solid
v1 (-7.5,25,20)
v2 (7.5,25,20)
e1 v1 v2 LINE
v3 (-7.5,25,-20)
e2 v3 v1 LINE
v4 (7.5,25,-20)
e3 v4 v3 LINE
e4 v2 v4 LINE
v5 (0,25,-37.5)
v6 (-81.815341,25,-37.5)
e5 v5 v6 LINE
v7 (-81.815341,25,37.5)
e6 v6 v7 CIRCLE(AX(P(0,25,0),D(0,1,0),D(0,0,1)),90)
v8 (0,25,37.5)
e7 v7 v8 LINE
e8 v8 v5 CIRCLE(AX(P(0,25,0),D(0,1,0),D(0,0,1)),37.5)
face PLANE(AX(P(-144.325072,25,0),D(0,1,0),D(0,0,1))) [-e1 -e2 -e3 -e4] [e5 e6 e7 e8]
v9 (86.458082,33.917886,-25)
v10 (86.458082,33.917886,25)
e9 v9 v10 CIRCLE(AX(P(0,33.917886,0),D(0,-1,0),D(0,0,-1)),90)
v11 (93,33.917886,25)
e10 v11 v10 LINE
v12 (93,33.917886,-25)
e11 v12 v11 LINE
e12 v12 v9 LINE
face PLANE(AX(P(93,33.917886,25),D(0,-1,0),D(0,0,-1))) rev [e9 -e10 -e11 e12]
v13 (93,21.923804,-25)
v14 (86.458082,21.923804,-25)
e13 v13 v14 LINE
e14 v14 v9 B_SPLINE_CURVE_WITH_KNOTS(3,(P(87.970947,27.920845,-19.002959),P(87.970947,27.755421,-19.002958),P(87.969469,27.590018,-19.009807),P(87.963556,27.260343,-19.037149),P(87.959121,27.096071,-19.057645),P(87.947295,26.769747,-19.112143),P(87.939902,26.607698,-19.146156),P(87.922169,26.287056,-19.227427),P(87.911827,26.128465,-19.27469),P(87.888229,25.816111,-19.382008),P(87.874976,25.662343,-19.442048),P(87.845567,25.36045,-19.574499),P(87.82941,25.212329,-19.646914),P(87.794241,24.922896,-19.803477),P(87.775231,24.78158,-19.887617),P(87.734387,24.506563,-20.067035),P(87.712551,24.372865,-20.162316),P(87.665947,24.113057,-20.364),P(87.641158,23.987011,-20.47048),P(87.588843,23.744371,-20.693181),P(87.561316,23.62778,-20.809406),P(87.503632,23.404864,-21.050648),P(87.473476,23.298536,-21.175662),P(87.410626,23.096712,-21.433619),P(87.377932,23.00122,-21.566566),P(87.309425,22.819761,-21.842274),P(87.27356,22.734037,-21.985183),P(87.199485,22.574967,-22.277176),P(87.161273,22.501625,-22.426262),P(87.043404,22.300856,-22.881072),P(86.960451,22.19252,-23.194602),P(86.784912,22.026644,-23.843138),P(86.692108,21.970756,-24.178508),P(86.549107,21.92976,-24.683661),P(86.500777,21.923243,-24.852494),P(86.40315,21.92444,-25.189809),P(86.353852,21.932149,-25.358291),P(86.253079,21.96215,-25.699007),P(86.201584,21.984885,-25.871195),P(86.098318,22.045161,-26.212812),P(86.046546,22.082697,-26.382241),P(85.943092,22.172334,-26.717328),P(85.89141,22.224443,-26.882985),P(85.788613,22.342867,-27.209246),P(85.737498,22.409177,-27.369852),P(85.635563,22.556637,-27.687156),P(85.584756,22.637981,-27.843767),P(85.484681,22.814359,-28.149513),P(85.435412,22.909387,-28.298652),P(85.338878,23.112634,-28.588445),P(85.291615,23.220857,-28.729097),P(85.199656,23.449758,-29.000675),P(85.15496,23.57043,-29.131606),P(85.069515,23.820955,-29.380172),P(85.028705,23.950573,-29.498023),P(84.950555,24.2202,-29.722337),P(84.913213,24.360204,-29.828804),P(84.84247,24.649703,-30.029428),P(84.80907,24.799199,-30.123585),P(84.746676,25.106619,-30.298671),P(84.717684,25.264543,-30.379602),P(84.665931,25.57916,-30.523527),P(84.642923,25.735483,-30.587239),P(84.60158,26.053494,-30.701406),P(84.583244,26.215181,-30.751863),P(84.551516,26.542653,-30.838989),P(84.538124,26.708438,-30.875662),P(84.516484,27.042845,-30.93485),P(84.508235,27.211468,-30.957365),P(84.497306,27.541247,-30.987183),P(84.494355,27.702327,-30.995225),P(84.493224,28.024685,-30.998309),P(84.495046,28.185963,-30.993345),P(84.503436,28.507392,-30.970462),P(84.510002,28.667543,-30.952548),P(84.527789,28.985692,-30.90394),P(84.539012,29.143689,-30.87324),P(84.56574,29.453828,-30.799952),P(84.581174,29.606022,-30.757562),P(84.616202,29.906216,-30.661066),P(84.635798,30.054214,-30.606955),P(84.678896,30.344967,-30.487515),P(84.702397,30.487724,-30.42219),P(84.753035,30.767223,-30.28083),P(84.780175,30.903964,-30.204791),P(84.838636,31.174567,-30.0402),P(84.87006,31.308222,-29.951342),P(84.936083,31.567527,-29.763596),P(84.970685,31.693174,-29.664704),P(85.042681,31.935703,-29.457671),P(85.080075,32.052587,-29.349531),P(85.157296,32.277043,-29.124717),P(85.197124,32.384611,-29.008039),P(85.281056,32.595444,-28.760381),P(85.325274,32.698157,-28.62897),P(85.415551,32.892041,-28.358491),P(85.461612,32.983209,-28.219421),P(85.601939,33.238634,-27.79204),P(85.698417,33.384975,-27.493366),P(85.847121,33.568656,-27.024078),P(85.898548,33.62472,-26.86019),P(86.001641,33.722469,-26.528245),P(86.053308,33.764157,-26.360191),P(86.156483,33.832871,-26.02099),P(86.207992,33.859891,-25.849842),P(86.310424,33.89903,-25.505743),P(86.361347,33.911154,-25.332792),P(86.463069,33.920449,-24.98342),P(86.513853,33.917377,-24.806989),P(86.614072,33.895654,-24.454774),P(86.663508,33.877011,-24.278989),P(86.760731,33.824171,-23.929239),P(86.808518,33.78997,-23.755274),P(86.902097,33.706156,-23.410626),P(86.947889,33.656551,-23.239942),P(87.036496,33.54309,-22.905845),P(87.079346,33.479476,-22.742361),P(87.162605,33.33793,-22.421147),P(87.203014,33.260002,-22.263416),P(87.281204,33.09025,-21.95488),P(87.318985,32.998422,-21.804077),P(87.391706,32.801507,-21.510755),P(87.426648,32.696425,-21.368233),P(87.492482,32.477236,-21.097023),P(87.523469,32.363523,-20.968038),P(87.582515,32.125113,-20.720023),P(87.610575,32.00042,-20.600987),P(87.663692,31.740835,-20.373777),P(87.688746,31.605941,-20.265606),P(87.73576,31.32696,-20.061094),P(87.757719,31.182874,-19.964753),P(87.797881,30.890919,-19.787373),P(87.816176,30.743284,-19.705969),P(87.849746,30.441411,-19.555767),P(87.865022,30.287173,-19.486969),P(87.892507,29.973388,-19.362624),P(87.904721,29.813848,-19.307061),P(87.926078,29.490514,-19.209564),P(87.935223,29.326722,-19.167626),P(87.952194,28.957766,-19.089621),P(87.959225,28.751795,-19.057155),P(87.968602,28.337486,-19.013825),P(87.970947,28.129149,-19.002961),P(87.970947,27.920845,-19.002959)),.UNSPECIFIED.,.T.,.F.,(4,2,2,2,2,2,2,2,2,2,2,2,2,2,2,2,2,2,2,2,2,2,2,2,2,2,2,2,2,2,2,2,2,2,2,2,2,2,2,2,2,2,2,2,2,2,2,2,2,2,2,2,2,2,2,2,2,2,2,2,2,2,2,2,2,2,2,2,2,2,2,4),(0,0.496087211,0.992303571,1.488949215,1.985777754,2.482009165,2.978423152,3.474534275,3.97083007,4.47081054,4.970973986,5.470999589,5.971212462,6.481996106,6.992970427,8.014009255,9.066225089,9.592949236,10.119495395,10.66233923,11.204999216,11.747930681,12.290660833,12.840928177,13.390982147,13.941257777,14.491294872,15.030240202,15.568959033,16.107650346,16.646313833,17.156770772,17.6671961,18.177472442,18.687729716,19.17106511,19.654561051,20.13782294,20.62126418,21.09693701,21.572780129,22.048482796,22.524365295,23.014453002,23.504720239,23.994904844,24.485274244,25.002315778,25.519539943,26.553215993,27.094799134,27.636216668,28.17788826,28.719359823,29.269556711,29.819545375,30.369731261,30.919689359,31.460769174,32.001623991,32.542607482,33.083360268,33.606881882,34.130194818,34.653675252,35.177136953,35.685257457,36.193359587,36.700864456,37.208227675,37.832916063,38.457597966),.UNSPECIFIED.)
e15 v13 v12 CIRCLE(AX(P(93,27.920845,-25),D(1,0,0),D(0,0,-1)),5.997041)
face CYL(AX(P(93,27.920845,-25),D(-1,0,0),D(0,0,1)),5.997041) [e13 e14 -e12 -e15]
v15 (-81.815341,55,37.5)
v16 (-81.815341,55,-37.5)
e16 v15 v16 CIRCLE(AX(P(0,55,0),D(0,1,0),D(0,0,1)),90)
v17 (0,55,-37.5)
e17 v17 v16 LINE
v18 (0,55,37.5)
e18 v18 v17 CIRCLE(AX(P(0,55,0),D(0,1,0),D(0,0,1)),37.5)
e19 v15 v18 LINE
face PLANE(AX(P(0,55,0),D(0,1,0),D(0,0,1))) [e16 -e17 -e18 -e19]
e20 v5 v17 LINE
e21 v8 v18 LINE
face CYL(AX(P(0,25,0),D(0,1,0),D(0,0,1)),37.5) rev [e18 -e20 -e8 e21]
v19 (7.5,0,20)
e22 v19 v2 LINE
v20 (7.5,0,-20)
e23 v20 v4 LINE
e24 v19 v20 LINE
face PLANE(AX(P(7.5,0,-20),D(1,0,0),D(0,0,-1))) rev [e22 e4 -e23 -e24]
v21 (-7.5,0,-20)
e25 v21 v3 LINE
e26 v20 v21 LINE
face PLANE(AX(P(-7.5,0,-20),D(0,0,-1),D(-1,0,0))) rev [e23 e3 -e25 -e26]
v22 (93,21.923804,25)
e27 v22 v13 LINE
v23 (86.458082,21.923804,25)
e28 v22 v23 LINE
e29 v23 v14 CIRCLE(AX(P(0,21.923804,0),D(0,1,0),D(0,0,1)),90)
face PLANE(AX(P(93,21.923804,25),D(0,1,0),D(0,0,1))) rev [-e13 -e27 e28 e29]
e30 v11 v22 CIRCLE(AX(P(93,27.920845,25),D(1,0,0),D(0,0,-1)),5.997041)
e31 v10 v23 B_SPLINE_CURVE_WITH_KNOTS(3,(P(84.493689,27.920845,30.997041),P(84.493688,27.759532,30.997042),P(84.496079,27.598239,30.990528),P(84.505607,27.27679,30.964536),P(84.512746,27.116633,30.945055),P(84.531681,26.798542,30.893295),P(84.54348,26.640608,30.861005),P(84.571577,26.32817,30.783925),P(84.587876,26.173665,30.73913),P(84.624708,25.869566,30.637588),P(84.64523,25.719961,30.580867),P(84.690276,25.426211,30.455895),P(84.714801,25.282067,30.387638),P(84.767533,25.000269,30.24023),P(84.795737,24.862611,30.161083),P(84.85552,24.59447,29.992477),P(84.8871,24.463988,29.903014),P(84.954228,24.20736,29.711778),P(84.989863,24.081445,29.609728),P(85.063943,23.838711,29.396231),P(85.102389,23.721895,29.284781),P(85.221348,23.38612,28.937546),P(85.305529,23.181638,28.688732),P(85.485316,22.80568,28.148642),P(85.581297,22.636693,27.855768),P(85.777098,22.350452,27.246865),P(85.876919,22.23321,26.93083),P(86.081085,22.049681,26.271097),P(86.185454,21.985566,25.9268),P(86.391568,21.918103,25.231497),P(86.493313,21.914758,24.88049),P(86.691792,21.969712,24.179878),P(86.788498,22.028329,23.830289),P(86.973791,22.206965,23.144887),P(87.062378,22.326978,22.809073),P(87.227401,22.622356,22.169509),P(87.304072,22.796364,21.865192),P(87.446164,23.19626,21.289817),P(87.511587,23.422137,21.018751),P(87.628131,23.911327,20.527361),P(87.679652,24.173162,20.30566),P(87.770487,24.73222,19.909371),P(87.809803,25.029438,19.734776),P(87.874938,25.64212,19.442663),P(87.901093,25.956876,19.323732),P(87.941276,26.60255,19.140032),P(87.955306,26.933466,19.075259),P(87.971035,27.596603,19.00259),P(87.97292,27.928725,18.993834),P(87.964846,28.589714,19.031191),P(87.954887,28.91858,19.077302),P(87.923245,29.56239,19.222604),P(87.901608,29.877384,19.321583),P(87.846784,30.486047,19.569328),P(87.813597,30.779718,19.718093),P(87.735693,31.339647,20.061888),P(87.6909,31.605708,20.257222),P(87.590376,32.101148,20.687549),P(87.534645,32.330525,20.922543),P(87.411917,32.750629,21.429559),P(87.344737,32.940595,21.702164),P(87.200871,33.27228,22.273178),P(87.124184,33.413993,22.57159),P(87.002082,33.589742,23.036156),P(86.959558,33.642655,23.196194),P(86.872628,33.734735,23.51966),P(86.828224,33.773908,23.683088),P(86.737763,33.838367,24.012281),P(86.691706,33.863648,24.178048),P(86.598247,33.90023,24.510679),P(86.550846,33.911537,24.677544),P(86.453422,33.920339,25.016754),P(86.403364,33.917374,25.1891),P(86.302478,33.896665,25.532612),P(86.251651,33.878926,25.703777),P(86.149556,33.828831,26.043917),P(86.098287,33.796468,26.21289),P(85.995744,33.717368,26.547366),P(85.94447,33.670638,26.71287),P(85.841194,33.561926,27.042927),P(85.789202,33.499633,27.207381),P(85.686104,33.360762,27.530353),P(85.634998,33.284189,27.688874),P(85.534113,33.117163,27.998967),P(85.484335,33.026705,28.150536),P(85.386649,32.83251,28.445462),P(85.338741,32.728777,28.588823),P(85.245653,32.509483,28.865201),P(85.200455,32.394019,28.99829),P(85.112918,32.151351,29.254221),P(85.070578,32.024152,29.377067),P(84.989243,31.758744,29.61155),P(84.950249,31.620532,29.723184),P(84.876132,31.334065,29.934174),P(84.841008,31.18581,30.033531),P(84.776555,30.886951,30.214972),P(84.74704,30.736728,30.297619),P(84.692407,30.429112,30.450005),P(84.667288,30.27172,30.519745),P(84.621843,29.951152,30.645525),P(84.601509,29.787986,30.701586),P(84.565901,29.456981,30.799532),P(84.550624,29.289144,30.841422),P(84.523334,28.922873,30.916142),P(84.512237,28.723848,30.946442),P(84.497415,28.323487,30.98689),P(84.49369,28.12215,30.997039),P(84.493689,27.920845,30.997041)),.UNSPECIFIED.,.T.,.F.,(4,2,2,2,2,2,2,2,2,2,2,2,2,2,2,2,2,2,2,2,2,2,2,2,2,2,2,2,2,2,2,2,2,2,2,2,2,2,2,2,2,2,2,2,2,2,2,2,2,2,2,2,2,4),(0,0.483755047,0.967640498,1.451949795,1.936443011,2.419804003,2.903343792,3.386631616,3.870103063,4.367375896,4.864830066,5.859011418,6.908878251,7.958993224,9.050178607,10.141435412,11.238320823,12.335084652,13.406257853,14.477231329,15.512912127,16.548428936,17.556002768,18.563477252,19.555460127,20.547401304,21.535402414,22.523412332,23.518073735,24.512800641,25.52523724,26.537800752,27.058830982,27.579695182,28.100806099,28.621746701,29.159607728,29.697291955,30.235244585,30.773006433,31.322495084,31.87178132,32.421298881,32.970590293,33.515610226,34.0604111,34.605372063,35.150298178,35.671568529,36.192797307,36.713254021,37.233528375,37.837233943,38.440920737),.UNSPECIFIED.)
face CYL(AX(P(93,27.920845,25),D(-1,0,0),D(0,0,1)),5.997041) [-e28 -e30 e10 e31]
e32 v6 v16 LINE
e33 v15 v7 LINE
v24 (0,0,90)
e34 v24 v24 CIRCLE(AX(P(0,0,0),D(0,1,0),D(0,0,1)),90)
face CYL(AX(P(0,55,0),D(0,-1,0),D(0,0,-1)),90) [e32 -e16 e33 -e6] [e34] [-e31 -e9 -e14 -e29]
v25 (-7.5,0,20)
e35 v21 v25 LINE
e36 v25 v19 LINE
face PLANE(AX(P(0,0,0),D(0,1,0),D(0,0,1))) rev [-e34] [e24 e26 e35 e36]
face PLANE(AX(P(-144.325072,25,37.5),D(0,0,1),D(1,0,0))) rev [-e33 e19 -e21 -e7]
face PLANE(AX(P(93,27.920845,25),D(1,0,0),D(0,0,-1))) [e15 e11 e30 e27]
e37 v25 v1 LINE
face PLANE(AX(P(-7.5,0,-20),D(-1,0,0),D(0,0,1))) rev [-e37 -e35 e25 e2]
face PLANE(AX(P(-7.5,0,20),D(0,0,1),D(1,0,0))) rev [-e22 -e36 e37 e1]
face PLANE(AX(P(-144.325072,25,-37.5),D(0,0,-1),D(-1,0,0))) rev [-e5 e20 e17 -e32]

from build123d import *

# Parameters (mm, degrees)
SKETCH2_R           = 90
BOSS_EXTRUDE1_DEPTH = 55
CUT_EXTRUDE1_DEPTH  = 30
SKETCH4_W           = 15
SKETCH4_H           = 40
CUT_EXTRUDE2_DEPTH  = 131.766968306
BOSS_EXTRUDE2_DEPTH = 43


with BuildPart() as part:
    # Sketch2 → Boss-Extrude1 (new body)
    with BuildSketch(Plane(origin=(0, 0, 0), x_dir=(1, 0, 0), z_dir=(0, 1, 0))):
        Circle(SKETCH2_R)
    extrude(amount=BOSS_EXTRUDE1_DEPTH)

    # Sketch3 → Cut-Extrude1 (cut)
    with BuildSketch(Plane(origin=(0, 55, 0), x_dir=(1, 0, 0), z_dir=(0, 1, 0))):
        with BuildLine():
            Line((-144.325071801, 37.5), (0, 37.5))
            ThreePointArc((0, 37.5), (37.5, 0), (0, -37.5))
            Line((0, -37.5), (-144.325071801, -37.5))
            ThreePointArc((-144.325071801, -37.5), (-181.825071801, 0), (-144.325071801, 37.5))
        make_face()
    extrude(amount=-CUT_EXTRUDE1_DEPTH, mode=Mode.SUBTRACT)

    # Sketch4 → Cut-Extrude2 (cut, through all)
    with BuildSketch(Plane(origin=(0, 25, 0), x_dir=(1, 0, 0), z_dir=(0, 1, 0))):
        Rectangle(SKETCH4_W, SKETCH4_H)
    extrude(amount=-CUT_EXTRUDE2_DEPTH, mode=Mode.SUBTRACT)

    # Sketch6<4> → Boss-Extrude2 (add)
    with BuildSketch(Plane(origin=(50, 0, 0), x_dir=(0, 0, -1), z_dir=(1, 0, 0))):
        with BuildLine():
            Line((-25, 33.917885912), (25, 33.917885912))
            ThreePointArc((25, 33.917885912), (30.997040934, 27.920844978), (25, 21.923804044))
            Line((25, 21.923804044), (-25, 21.923804044))
            ThreePointArc((-25, 21.923804044), (-30.997040934, 27.920844978), (-25, 33.917885912))
        make_face()
    extrude(amount=BOSS_EXTRUDE2_DEPTH)


solid = part.part
